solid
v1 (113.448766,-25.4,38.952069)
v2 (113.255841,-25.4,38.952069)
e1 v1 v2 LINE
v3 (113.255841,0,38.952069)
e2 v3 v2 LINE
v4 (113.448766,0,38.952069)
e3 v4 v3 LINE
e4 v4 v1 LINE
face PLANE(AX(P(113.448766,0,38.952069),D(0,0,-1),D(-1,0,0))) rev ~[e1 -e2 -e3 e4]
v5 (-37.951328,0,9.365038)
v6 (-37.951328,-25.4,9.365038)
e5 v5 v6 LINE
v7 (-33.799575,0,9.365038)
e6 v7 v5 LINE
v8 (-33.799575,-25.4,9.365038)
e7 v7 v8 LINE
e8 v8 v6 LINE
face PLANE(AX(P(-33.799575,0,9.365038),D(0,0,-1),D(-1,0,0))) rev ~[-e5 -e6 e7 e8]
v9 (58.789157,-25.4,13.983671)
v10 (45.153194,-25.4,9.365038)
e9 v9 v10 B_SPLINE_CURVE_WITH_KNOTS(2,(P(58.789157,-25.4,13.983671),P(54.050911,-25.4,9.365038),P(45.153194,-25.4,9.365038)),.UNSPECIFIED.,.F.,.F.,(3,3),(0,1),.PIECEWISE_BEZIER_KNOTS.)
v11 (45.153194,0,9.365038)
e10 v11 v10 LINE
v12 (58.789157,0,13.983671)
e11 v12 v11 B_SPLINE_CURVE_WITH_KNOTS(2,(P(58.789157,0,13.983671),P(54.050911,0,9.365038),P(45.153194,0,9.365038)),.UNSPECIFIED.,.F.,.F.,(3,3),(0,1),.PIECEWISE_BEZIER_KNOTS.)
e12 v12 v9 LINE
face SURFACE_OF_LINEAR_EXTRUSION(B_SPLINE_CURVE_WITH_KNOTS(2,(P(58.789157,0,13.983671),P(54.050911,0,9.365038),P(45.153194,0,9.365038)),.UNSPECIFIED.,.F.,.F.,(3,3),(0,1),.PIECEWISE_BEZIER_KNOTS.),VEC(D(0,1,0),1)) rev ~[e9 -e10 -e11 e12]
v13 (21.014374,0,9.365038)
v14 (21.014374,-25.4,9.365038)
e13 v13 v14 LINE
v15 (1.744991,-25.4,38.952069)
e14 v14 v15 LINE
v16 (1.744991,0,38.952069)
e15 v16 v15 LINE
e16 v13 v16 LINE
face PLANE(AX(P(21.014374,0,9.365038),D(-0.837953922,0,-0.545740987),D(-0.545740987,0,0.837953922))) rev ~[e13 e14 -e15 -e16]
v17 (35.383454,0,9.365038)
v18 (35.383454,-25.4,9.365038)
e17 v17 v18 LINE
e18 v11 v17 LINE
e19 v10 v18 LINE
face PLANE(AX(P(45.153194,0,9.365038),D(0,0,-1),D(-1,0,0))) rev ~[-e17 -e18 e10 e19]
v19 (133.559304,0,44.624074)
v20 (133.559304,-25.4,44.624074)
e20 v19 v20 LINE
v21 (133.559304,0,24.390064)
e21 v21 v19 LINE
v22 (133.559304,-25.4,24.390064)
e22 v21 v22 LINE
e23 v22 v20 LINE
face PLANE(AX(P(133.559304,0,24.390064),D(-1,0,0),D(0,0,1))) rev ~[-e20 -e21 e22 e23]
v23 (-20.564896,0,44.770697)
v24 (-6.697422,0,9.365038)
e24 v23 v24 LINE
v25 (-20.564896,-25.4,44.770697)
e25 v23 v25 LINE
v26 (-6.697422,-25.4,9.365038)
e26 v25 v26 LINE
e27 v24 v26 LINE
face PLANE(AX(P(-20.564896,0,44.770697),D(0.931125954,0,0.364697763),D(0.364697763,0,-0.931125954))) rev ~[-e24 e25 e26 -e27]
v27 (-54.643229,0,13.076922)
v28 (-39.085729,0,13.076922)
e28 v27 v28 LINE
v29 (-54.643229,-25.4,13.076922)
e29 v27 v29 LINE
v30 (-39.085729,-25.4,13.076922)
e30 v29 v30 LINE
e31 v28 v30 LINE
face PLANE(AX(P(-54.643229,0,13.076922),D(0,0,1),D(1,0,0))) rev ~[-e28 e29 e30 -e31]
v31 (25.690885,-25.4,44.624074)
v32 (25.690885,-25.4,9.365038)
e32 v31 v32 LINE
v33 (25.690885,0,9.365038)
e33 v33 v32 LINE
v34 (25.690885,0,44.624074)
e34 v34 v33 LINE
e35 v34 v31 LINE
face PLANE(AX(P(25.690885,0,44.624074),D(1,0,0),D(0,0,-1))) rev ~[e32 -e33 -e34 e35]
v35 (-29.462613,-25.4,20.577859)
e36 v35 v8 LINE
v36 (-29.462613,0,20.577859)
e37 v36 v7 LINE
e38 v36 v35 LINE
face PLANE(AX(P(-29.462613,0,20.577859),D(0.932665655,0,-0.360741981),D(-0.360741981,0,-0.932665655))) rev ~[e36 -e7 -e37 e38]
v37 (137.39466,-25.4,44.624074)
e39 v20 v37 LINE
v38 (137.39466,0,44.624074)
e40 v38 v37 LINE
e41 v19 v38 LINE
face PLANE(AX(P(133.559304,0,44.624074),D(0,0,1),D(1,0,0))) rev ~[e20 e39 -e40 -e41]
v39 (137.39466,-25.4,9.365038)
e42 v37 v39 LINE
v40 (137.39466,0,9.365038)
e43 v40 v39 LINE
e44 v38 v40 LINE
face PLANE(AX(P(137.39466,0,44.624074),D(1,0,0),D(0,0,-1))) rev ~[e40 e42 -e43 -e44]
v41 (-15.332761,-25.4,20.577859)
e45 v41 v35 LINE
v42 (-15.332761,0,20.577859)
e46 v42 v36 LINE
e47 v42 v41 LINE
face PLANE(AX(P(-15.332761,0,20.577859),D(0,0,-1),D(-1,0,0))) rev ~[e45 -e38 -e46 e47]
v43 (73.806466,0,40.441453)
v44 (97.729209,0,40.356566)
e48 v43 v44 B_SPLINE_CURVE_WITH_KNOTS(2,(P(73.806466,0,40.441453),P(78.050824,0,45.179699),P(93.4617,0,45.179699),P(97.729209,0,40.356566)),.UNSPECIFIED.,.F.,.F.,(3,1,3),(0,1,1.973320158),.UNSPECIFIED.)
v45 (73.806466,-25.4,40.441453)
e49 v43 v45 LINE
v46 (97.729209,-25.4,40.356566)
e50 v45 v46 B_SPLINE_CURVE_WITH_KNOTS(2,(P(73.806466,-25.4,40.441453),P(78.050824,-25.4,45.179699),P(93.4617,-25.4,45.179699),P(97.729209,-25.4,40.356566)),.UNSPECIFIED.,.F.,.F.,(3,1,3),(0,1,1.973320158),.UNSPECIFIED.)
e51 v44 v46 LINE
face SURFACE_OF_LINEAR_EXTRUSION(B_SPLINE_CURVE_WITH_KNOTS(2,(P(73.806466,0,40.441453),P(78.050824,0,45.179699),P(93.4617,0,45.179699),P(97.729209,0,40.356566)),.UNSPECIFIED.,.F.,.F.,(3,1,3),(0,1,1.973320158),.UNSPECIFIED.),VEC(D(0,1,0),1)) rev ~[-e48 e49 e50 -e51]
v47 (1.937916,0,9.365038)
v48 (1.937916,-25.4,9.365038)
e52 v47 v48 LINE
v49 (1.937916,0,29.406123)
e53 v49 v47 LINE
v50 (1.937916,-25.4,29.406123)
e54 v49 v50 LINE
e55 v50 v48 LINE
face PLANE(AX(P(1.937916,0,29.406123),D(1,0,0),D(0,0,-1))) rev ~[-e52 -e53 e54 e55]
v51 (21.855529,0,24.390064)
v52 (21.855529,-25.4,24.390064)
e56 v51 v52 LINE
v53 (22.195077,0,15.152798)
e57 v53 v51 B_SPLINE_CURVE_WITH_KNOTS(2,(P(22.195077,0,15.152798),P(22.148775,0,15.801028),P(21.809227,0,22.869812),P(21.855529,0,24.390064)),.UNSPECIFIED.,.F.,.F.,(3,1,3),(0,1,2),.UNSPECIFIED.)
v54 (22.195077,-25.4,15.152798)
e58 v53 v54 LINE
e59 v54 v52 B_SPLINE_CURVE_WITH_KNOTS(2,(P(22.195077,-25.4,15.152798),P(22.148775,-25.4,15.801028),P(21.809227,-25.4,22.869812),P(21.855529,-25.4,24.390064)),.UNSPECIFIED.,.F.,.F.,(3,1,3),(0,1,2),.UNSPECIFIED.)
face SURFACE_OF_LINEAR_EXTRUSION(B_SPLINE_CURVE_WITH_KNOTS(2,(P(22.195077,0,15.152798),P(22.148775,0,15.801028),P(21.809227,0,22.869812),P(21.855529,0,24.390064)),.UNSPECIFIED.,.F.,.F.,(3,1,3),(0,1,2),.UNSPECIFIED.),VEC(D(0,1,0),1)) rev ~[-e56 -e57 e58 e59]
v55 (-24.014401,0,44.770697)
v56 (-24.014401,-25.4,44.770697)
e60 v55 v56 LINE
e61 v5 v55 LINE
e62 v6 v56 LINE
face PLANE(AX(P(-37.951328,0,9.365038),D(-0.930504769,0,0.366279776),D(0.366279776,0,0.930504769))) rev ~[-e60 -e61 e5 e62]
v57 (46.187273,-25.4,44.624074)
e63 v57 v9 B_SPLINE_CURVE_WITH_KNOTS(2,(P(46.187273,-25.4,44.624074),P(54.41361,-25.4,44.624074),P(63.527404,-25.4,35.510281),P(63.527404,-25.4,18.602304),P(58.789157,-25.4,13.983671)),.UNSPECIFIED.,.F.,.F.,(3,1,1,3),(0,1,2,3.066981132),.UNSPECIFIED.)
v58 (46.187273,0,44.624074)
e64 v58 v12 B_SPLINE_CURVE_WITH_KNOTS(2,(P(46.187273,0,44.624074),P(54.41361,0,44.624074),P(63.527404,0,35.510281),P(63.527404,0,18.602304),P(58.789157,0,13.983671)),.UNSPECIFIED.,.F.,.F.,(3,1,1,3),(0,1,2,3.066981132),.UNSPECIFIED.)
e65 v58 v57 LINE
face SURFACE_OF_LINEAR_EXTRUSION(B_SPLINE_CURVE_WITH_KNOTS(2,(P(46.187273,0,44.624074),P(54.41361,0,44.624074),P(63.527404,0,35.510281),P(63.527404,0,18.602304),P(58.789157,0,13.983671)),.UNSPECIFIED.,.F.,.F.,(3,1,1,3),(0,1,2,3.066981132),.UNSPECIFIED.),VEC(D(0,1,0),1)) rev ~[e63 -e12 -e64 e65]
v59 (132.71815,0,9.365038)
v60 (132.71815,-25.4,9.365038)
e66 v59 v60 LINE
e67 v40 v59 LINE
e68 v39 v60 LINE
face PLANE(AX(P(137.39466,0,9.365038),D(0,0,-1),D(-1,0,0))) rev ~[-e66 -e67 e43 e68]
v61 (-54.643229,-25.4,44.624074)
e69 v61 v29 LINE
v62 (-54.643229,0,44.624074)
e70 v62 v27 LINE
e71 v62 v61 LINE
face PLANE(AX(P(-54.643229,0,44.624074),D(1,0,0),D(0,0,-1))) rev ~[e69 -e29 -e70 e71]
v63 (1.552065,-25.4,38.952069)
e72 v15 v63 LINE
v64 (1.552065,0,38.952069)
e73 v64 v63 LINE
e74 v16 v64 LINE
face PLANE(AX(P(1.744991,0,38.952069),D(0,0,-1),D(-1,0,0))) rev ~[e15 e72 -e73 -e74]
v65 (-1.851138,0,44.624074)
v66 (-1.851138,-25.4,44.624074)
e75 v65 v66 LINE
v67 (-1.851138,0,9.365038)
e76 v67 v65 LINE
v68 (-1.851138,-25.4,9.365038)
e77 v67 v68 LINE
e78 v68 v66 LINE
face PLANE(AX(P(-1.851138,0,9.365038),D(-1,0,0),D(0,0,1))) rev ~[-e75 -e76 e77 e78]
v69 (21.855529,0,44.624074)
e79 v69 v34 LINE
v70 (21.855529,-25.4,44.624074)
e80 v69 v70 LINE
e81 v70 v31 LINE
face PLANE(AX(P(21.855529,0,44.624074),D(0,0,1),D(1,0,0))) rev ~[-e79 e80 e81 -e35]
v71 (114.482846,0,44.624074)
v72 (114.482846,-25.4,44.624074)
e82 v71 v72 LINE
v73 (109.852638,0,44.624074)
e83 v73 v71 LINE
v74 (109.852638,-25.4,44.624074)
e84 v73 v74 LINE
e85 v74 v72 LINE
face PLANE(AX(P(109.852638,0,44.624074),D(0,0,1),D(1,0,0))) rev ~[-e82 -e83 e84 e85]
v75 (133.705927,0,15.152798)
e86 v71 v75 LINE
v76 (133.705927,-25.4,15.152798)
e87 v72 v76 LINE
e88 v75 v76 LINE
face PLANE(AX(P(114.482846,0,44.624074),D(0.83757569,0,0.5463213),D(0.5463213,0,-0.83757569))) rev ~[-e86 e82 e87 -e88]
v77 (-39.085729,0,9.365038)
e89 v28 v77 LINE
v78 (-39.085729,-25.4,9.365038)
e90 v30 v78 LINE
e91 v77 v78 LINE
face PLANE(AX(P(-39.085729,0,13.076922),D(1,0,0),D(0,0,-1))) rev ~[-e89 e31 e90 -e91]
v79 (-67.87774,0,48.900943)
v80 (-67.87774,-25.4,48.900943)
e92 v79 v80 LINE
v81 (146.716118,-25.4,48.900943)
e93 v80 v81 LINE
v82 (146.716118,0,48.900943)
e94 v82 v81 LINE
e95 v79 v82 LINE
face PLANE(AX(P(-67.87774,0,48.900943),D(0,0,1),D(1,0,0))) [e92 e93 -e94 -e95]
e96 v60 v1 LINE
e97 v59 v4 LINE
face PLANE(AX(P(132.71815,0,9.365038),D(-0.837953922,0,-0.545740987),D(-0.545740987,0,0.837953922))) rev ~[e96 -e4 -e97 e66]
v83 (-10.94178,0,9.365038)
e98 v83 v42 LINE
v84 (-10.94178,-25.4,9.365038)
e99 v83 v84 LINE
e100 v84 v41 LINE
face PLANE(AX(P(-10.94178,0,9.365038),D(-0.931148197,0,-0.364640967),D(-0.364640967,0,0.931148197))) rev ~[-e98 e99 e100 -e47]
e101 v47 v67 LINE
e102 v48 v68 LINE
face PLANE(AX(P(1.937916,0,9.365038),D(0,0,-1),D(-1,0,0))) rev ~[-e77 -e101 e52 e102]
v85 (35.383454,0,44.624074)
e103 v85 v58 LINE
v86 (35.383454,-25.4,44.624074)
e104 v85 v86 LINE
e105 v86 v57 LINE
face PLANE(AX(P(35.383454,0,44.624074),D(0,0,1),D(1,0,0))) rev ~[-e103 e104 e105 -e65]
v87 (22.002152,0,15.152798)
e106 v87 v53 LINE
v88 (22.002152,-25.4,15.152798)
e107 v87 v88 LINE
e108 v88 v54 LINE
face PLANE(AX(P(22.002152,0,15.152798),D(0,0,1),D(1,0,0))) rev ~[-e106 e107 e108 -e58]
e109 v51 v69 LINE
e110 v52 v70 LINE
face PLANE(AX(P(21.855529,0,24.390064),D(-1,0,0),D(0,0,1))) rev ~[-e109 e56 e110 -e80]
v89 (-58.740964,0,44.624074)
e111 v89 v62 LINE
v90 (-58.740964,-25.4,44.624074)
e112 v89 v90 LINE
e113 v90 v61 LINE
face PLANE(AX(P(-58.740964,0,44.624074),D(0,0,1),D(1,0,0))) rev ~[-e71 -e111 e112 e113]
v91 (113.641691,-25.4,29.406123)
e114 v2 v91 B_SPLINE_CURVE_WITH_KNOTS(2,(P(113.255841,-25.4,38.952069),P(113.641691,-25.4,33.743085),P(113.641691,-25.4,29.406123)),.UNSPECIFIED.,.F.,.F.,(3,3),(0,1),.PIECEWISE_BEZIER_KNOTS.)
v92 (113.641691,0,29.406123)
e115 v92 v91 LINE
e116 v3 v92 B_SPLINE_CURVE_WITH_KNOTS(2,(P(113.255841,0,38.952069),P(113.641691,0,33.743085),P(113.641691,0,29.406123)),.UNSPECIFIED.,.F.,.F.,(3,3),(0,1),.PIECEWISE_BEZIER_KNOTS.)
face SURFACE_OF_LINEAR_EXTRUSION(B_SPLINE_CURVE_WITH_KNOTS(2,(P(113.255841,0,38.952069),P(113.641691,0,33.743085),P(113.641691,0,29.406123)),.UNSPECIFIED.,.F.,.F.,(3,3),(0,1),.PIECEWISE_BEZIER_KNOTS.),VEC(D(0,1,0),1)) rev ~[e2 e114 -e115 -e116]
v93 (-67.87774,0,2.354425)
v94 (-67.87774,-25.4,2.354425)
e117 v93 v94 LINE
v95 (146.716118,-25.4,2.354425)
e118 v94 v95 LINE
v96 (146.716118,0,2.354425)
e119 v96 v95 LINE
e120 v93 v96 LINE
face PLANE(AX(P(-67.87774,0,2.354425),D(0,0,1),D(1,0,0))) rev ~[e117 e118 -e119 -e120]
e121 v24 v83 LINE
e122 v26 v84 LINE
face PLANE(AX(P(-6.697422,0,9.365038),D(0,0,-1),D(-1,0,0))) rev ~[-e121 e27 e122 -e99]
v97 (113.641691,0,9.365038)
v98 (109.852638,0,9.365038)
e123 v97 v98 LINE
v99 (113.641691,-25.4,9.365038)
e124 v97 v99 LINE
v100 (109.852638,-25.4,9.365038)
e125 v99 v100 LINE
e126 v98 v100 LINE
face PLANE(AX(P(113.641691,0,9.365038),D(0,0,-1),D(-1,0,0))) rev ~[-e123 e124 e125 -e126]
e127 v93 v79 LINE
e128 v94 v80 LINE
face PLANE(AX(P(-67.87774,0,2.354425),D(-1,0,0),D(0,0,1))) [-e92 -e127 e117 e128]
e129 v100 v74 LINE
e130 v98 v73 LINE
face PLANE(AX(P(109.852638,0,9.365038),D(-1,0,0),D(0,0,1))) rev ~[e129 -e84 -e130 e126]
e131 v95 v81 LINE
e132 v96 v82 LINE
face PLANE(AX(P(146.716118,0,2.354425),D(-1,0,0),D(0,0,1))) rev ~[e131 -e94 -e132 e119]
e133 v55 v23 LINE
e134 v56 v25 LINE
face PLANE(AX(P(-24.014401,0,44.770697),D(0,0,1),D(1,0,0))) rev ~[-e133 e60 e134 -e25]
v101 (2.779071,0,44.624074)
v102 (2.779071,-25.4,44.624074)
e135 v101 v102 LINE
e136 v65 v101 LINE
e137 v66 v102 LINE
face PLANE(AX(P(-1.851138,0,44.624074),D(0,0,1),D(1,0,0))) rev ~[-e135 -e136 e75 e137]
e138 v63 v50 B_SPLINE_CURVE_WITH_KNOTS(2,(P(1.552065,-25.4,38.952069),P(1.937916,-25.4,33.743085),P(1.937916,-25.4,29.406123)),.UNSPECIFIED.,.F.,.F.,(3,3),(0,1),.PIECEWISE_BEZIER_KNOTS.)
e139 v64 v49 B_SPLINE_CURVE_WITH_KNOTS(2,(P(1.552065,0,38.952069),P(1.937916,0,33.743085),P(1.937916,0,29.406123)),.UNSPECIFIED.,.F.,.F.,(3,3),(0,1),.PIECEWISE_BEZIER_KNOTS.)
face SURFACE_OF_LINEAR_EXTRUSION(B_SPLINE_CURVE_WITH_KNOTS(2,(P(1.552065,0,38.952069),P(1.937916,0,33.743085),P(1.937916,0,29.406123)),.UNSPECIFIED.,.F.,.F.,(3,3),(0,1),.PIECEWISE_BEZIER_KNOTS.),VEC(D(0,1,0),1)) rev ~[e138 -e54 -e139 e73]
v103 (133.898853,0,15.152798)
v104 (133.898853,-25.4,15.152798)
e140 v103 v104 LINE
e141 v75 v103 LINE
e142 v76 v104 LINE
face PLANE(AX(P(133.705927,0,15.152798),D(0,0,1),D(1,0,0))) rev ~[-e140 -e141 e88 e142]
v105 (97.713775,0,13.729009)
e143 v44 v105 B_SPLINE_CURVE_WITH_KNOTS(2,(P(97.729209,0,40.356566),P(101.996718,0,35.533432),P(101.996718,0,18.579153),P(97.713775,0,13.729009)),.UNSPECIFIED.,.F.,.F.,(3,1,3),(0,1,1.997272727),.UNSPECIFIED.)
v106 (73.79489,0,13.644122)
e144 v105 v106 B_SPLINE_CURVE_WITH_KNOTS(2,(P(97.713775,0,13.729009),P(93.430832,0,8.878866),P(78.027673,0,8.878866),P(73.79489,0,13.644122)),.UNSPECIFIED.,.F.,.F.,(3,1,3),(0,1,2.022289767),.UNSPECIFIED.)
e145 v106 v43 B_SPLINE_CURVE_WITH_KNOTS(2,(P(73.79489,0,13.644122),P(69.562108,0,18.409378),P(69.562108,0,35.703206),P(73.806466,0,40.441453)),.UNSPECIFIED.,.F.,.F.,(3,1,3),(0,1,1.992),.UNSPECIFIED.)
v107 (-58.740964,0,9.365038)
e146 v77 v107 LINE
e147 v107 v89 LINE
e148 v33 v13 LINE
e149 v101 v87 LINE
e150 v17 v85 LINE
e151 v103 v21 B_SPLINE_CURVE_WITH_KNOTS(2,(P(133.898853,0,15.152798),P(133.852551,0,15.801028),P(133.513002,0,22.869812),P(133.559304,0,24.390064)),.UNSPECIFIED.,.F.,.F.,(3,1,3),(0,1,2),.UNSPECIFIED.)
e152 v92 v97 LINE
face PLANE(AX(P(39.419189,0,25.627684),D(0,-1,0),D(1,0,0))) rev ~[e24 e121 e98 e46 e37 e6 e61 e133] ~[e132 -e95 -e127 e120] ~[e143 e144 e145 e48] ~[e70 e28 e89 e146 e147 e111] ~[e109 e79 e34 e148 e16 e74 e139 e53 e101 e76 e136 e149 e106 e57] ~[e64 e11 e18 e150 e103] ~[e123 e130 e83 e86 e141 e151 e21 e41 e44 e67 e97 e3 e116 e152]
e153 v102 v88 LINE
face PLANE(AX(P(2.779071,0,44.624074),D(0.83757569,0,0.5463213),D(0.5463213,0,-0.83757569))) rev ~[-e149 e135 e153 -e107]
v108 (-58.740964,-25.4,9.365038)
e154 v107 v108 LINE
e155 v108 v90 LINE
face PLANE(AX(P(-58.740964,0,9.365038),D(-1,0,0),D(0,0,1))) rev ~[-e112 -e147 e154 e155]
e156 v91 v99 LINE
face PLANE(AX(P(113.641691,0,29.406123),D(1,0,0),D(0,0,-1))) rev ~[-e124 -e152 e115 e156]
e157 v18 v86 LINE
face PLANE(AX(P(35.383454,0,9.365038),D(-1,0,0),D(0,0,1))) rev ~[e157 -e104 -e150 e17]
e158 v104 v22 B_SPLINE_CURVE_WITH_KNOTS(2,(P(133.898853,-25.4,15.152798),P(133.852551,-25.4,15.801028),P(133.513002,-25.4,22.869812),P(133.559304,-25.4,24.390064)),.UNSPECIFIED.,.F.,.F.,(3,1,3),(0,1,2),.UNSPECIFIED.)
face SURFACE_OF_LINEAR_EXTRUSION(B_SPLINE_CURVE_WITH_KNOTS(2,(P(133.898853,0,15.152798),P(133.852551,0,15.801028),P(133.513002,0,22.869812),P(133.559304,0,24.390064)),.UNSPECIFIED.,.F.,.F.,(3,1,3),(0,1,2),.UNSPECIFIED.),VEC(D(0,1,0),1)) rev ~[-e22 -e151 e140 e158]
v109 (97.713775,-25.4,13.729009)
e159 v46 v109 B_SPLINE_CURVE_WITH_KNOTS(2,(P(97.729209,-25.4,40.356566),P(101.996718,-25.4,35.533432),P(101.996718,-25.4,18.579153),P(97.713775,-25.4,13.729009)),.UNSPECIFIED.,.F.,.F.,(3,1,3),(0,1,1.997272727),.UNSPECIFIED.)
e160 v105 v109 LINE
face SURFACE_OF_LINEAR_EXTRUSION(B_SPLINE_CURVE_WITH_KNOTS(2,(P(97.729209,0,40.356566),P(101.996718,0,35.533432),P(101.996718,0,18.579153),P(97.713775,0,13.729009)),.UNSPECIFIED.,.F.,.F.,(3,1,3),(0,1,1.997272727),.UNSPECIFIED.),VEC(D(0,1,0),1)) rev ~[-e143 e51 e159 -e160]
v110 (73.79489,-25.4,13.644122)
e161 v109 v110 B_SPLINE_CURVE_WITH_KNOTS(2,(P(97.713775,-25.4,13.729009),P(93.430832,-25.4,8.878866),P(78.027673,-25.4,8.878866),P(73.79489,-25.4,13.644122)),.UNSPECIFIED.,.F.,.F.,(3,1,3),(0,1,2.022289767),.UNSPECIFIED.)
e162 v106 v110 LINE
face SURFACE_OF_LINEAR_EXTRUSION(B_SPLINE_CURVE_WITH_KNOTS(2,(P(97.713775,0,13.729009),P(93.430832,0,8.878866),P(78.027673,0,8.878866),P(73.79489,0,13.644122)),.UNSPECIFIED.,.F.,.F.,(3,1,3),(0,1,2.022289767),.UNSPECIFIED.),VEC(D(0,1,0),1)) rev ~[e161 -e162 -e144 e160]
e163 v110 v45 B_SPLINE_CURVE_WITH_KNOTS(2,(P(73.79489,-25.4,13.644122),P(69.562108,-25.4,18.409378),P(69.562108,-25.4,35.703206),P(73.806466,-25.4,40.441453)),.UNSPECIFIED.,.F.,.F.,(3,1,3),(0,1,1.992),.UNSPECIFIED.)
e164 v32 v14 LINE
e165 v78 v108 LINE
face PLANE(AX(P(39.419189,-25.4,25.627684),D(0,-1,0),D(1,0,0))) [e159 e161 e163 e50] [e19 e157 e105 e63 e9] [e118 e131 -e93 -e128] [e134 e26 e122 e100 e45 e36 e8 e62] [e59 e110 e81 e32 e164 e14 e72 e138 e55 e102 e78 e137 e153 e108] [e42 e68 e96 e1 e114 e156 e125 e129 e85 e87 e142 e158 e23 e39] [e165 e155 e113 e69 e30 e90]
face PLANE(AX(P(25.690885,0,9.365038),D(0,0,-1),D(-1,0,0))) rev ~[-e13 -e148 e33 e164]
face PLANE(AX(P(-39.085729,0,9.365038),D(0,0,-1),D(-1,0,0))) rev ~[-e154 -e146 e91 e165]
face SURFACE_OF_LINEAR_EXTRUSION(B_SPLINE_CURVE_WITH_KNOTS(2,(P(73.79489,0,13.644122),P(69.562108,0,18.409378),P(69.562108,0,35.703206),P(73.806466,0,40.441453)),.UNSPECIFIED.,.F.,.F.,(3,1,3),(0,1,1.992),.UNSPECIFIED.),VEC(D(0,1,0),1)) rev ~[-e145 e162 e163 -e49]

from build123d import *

# Parameters (mm, degrees)
F0_W     = 214.5938575268
F0_H     = 46.5465178713
F1_DEPTH = 25.4


with BuildPart() as f1:
    # F0 (on Front) → F1 (new body)
    with BuildSketch(Plane.XZ):
        with Locations((39.4191890955, 25.6276843138)):
            Rectangle(F0_W, F0_H)
        Polygon((-39.0857293959, 9.3650380149), (-58.7409636363, 9.3650380149), (-58.7409636363, 44.6240742319), (-54.6432292894, 44.6240742319), (-54.6432292894, 13.0769216701), (-39.0857293959, 13.0769216701), align=None, mode=Mode.SUBTRACT)
        Polygon((-6.697422326, 9.3650380149), (-10.9417799358, 9.3650380149), (-15.3327608085, 20.5778591187), (-29.4626131423, 20.5778591187), (-33.7995749182, 9.3650380149), (-37.951328362, 9.3650380149), (-24.0144013741, 44.7706974947), (-20.5648961894, 44.7706974947), align=None, mode=Mode.SUBTRACT)
        with BuildLine():
            Line((25.6908847439, 44.6240742319), (25.6908847439, 9.3650380149))
            Line((25.6908847439, 9.3650380149), (21.0143743593, 9.3650380149))
            Line((21.0143743593, 9.3650380149), (1.7449908106, 38.9520690624))
            Line((1.7449908106, 38.9520690624), (1.5520654647, 38.9520690624))
            add(Edge.make_bspline(
                [(1.5520654647, 38.9520690624), (1.9379161565, 33.743084723), (1.9379161565, 29.4061229472)],
                knots=[0, 0, 0, 1, 1, 1], degree=2))
            Line((1.9379161565, 29.4061229472), (1.9379161565, 9.3650380149))
            Line((1.9379161565, 9.3650380149), (-1.851137637, 9.3650380149))
            Line((-1.851137637, 9.3650380149), (-1.851137637, 44.6240742319))
            Line((-1.851137637, 44.6240742319), (2.7790706647, 44.6240742319))
            Line((2.7790706647, 44.6240742319), (22.0021521303, 15.152798392))
            Line((22.0021521303, 15.152798392), (22.1950774762, 15.152798392))
            add(Edge.make_bspline(
                [(22.1950774762, 15.152798392), (22.1487753932, 15.8010275542), (21.9790010888, 19.3354198911)],
                knots=[0, 0, 0, 1, 1, 1], degree=2))
            add(Edge.make_bspline(
                [(21.9790010888, 19.3354198911), (21.8092267844, 22.869812228), (21.8555288674, 24.3900639537)],
                knots=[0, 0, 0, 1, 1, 1], degree=2))
            Line((21.8555288674, 24.3900639537), (21.8555288674, 44.6240742319))
            Line((21.8555288674, 44.6240742319), (25.6908847439, 44.6240742319))
        make_face(mode=Mode.SUBTRACT)
        with BuildLine():
            add(Edge.make_bspline(
                [(58.9705069119, 40.0671775617), (63.5274035821, 35.5102808915), (63.5274035821, 27.3302462253)],
                knots=[0, 0, 0, 1, 1, 1], degree=2))
            add(Edge.make_bspline(
                [(63.5274035821, 27.3302462253), (63.5274035821, 18.6023035767), (58.7891570867, 13.9836707958)],
                knots=[0, 0, 0, 1, 1, 1], degree=2))
            add(Edge.make_bspline(
                [(58.7891570867, 13.9836707958), (54.0509105914, 9.3650380149), (45.1531936384, 9.3650380149)],
                knots=[0, 0, 0, 1, 1, 1], degree=2))
            Line((45.1531936384, 9.3650380149), (35.383454122, 9.3650380149))
            Line((35.383454122, 9.3650380149), (35.383454122, 44.6240742319))
            Line((35.383454122, 44.6240742319), (46.1872734925, 44.6240742319))
            add(Edge.make_bspline(
                [(46.1872734925, 44.6240742319), (54.4136102417, 44.6240742319), (58.9705069119, 40.0671775617)],
                knots=[0, 0, 0, 1, 1, 1], degree=2))
        make_face(mode=Mode.SUBTRACT)
        with BuildLine():
            add(Edge.make_bspline(
                [(97.7292089034, 40.3565655805), (101.9967175548, 35.533431933), (101.9967175548, 27.0447167133)],
                knots=[0, 0, 0, 1, 1, 1], degree=2))
            add(Edge.make_bspline(
                [(101.9967175548, 27.0447167133), (101.9967175548, 18.5791525352), (97.7137748758, 13.7290093392)],
                knots=[0, 0, 0, 1, 1, 1], degree=2))
            add(Edge.make_bspline(
                [(97.7137748758, 13.7290093392), (93.4308321967, 8.8788661433), (85.8141395406, 8.8788661433)],
                knots=[0, 0, 0, 1, 1, 1], degree=2))
            add(Edge.make_bspline(
                [(85.8141395406, 8.8788661433), (78.02767258, 8.8788661433), (73.7948904909, 13.644122187)],
                knots=[0, 0, 0, 1, 1, 1], degree=2))
            add(Edge.make_bspline(
                [(73.7948904909, 13.644122187), (69.5621084018, 18.4093782308), (69.5621084018, 27.0910187964)],
                knots=[0, 0, 0, 1, 1, 1], degree=2))
            add(Edge.make_bspline(
                [(69.5621084018, 27.0910187964), (69.5621084018, 35.7032062374), (73.8064660117, 40.4414527327)],
                knots=[0, 0, 0, 1, 1, 1], degree=2))
            add(Edge.make_bspline(
                [(73.8064660117, 40.4414527327), (78.0508236215, 45.1796992281), (85.8604416236, 45.1796992281)],
                knots=[0, 0, 0, 1, 1, 1], degree=2))
            add(Edge.make_bspline(
                [(85.8604416236, 45.1796992281), (93.4617002521, 45.1796992281), (97.7292089034, 40.3565655805)],
                knots=[0, 0, 0, 1, 1, 1], degree=2))
        make_face(mode=Mode.SUBTRACT)
        with BuildLine():
            Line((137.3946600207, 44.6240742319), (137.3946600207, 9.3650380149))
            Line((137.3946600207, 9.3650380149), (132.7181496361, 9.3650380149))
            Line((132.7181496361, 9.3650380149), (113.4487660875, 38.9520690624))
            Line((113.4487660875, 38.9520690624), (113.2558407416, 38.9520690624))
            add(Edge.make_bspline(
                [(113.2558407416, 38.9520690624), (113.6416914334, 33.743084723), (113.6416914334, 29.4061229472)],
                knots=[0, 0, 0, 1, 1, 1], degree=2))
            Line((113.6416914334, 29.4061229472), (113.6416914334, 9.3650380149))
            Line((113.6416914334, 9.3650380149), (109.8526376399, 9.3650380149))
            Line((109.8526376399, 9.3650380149), (109.8526376399, 44.6240742319))
            Line((109.8526376399, 44.6240742319), (114.4828459415, 44.6240742319))
            Line((114.4828459415, 44.6240742319), (133.7059274071, 15.152798392))
            Line((133.7059274071, 15.152798392), (133.898852753, 15.152798392))
            add(Edge.make_bspline(
                [(133.898852753, 15.152798392), (133.85255067, 15.8010275542), (133.6827763656, 19.3354198911)],
                knots=[0, 0, 0, 1, 1, 1], degree=2))
            add(Edge.make_bspline(
                [(133.6827763656, 19.3354198911), (133.5130020612, 22.869812228), (133.5593041442, 24.3900639537)],
                knots=[0, 0, 0, 1, 1, 1], degree=2))
            Line((133.5593041442, 24.3900639537), (133.5593041442, 44.6240742319))
            Line((133.5593041442, 44.6240742319), (137.3946600207, 44.6240742319))
        make_face(mode=Mode.SUBTRACT)
    extrude(amount=F1_DEPTH)


solid = f1.part
